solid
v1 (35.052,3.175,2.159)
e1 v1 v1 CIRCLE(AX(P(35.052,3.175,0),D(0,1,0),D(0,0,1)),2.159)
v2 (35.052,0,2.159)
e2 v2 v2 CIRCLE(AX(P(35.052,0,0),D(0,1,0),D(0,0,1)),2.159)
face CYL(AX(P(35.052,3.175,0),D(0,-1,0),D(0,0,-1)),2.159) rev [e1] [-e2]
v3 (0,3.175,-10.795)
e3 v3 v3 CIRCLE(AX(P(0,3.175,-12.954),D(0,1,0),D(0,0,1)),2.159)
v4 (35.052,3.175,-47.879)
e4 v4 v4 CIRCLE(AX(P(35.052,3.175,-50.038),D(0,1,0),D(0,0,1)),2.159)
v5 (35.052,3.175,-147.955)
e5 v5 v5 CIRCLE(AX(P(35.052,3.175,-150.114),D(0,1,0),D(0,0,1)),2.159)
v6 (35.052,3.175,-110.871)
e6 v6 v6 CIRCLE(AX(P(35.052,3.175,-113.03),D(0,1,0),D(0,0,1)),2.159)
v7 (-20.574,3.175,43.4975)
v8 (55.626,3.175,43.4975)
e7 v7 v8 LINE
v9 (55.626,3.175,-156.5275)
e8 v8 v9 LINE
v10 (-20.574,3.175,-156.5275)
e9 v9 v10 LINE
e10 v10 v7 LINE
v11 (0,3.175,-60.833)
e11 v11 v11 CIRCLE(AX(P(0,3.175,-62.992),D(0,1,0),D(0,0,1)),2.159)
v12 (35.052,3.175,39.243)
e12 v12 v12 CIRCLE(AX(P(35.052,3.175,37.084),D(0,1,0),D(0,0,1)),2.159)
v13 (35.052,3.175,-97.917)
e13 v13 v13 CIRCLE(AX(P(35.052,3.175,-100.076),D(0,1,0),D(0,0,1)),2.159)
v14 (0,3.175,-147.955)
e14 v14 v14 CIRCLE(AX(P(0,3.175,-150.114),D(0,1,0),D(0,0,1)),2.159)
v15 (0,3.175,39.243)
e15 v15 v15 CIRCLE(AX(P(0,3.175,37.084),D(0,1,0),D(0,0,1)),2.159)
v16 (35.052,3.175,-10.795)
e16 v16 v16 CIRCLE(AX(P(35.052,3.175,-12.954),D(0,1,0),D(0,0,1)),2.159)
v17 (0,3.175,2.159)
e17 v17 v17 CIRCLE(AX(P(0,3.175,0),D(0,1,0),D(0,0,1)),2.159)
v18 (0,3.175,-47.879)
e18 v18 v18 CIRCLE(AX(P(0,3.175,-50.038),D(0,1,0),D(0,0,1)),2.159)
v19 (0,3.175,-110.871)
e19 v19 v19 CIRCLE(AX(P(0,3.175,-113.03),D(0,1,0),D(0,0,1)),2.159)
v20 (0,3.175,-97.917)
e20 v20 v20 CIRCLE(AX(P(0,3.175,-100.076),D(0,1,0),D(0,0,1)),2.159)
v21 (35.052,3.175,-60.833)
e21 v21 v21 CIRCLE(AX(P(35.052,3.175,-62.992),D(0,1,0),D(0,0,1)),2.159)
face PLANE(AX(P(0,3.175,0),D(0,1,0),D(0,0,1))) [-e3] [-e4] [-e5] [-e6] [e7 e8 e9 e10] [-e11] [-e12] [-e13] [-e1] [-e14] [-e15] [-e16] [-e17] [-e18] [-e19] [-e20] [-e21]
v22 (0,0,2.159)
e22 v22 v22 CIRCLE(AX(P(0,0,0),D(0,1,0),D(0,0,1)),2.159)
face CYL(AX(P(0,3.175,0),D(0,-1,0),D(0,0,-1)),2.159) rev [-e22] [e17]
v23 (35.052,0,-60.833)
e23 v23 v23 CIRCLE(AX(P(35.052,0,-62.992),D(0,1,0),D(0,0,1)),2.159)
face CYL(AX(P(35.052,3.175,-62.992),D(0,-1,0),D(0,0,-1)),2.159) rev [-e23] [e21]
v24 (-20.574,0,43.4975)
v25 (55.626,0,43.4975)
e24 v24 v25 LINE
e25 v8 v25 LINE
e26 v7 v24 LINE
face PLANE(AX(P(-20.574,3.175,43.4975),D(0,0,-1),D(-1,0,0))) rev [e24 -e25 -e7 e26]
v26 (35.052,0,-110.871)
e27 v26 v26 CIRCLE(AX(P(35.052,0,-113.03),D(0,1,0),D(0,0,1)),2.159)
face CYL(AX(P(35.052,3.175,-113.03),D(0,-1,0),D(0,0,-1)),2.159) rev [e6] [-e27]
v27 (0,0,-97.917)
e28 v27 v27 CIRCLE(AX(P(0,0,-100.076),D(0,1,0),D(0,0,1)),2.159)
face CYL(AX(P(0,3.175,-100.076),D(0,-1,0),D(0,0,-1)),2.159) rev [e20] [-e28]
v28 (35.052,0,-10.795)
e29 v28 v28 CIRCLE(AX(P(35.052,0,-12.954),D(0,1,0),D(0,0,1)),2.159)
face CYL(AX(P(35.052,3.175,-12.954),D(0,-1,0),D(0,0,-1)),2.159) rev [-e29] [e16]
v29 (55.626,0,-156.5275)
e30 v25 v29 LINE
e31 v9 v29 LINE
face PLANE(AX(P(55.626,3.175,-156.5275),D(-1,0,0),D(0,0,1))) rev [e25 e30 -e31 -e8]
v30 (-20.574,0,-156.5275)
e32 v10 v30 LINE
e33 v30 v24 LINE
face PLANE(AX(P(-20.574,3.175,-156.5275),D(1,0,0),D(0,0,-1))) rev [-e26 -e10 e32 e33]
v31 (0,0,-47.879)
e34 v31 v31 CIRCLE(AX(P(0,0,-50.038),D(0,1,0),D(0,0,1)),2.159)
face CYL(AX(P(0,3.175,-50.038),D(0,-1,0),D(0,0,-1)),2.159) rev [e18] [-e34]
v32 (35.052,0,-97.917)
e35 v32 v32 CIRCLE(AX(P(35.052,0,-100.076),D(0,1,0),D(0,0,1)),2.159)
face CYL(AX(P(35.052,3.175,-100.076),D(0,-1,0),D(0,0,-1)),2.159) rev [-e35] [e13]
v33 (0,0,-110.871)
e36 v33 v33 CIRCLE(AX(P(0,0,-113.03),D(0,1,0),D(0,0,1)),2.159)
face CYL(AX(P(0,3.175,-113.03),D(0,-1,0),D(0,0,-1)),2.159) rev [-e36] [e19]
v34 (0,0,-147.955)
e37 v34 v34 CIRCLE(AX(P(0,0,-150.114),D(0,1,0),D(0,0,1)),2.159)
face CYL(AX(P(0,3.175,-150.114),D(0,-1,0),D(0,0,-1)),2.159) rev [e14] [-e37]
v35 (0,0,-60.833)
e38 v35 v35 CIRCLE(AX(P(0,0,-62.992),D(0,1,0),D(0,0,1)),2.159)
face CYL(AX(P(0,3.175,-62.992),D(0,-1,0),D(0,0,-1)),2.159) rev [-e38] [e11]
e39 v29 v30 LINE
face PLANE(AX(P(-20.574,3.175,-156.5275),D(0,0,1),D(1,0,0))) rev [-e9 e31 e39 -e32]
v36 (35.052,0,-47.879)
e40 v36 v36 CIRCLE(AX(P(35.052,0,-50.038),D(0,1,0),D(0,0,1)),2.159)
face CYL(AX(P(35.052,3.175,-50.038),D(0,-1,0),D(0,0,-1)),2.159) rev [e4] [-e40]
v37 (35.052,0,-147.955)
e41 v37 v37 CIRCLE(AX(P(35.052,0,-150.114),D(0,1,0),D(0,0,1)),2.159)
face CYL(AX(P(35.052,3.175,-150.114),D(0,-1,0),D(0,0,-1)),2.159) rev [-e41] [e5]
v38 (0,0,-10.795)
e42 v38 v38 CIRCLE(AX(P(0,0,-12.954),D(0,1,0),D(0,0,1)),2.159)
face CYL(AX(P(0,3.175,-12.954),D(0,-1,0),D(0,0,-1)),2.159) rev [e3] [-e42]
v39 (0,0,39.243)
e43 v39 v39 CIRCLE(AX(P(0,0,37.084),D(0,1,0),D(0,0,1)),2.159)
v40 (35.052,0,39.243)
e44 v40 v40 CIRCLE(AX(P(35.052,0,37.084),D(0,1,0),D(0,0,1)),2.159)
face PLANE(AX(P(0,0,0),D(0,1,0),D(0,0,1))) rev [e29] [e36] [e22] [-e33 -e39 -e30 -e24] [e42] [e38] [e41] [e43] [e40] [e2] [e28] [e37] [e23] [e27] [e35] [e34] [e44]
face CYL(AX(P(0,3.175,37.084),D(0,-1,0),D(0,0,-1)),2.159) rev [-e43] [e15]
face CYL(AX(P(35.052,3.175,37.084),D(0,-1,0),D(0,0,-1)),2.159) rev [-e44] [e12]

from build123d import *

# Parameters (mm, degrees)
SKETCH1_W           = 76.2
SKETCH1_H           = 200.025
SKETCH1_R           = 2.159
BOSS_EXTRUDE1_DEPTH = 3.175


with BuildPart() as part:
    # Sketch1 → Boss-Extrude1 (new body)
    with BuildSketch(Plane(origin=(0, 0, 0), x_dir=(1, 0, 0), z_dir=(0, 1, 0))):
        with Locations((17.526, 56.515)):
            Rectangle(SKETCH1_W, SKETCH1_H)
        with Locations(Location((0, 0, 0), (0, 0, 270))):
            Circle(SKETCH1_R, mode=Mode.SUBTRACT)
        with Locations(Location((35.052, 0, 0), (0, 0, 270))):
            Circle(SKETCH1_R, mode=Mode.SUBTRACT)
        with Locations(Location((0, -37.084, 0), (0, 0, 270))):
            Circle(SKETCH1_R, mode=Mode.SUBTRACT)
        with Locations(Location((35.052, -37.084, 0), (0, 0, 270))):
            Circle(SKETCH1_R, mode=Mode.SUBTRACT)
        with Locations(Location((0, 50.038, 0), (0, 0, 270))):
            Circle(SKETCH1_R, mode=Mode.SUBTRACT)
        with Locations(Location((35.052, 50.038, 0), (0, 0, 270))):
            Circle(SKETCH1_R, mode=Mode.SUBTRACT)
        with Locations(Location((0, 12.954, 0), (0, 0, 270))):
            Circle(SKETCH1_R, mode=Mode.SUBTRACT)
        with Locations(Location((35.052, 12.954, 0), (0, 0, 270))):
            Circle(SKETCH1_R, mode=Mode.SUBTRACT)
        with Locations(Location((0, 100.076, 0), (0, 0, 270))):
            Circle(SKETCH1_R, mode=Mode.SUBTRACT)
        with Locations(Location((35.052, 100.076, 0), (0, 0, 270))):
            Circle(SKETCH1_R, mode=Mode.SUBTRACT)
        with Locations(Location((0, 62.992, 0), (0, 0, 270))):
            Circle(SKETCH1_R, mode=Mode.SUBTRACT)
        with Locations(Location((35.052, 62.992, 0), (0, 0, 270))):
            Circle(SKETCH1_R, mode=Mode.SUBTRACT)
        with Locations(Location((0, 150.114, 0), (0, 0, 270))):
            Circle(SKETCH1_R, mode=Mode.SUBTRACT)
        with Locations(Location((35.052, 150.114, 0), (0, 0, 270))):
            Circle(SKETCH1_R, mode=Mode.SUBTRACT)
        with Locations(Location((0, 113.03, 0), (0, 0, 270))):
            Circle(SKETCH1_R, mode=Mode.SUBTRACT)
        with Locations(Location((35.052, 113.03, 0), (0, 0, 270))):
            Circle(SKETCH1_R, mode=Mode.SUBTRACT)
    extrude(amount=BOSS_EXTRUDE1_DEPTH)


solid = part.part
